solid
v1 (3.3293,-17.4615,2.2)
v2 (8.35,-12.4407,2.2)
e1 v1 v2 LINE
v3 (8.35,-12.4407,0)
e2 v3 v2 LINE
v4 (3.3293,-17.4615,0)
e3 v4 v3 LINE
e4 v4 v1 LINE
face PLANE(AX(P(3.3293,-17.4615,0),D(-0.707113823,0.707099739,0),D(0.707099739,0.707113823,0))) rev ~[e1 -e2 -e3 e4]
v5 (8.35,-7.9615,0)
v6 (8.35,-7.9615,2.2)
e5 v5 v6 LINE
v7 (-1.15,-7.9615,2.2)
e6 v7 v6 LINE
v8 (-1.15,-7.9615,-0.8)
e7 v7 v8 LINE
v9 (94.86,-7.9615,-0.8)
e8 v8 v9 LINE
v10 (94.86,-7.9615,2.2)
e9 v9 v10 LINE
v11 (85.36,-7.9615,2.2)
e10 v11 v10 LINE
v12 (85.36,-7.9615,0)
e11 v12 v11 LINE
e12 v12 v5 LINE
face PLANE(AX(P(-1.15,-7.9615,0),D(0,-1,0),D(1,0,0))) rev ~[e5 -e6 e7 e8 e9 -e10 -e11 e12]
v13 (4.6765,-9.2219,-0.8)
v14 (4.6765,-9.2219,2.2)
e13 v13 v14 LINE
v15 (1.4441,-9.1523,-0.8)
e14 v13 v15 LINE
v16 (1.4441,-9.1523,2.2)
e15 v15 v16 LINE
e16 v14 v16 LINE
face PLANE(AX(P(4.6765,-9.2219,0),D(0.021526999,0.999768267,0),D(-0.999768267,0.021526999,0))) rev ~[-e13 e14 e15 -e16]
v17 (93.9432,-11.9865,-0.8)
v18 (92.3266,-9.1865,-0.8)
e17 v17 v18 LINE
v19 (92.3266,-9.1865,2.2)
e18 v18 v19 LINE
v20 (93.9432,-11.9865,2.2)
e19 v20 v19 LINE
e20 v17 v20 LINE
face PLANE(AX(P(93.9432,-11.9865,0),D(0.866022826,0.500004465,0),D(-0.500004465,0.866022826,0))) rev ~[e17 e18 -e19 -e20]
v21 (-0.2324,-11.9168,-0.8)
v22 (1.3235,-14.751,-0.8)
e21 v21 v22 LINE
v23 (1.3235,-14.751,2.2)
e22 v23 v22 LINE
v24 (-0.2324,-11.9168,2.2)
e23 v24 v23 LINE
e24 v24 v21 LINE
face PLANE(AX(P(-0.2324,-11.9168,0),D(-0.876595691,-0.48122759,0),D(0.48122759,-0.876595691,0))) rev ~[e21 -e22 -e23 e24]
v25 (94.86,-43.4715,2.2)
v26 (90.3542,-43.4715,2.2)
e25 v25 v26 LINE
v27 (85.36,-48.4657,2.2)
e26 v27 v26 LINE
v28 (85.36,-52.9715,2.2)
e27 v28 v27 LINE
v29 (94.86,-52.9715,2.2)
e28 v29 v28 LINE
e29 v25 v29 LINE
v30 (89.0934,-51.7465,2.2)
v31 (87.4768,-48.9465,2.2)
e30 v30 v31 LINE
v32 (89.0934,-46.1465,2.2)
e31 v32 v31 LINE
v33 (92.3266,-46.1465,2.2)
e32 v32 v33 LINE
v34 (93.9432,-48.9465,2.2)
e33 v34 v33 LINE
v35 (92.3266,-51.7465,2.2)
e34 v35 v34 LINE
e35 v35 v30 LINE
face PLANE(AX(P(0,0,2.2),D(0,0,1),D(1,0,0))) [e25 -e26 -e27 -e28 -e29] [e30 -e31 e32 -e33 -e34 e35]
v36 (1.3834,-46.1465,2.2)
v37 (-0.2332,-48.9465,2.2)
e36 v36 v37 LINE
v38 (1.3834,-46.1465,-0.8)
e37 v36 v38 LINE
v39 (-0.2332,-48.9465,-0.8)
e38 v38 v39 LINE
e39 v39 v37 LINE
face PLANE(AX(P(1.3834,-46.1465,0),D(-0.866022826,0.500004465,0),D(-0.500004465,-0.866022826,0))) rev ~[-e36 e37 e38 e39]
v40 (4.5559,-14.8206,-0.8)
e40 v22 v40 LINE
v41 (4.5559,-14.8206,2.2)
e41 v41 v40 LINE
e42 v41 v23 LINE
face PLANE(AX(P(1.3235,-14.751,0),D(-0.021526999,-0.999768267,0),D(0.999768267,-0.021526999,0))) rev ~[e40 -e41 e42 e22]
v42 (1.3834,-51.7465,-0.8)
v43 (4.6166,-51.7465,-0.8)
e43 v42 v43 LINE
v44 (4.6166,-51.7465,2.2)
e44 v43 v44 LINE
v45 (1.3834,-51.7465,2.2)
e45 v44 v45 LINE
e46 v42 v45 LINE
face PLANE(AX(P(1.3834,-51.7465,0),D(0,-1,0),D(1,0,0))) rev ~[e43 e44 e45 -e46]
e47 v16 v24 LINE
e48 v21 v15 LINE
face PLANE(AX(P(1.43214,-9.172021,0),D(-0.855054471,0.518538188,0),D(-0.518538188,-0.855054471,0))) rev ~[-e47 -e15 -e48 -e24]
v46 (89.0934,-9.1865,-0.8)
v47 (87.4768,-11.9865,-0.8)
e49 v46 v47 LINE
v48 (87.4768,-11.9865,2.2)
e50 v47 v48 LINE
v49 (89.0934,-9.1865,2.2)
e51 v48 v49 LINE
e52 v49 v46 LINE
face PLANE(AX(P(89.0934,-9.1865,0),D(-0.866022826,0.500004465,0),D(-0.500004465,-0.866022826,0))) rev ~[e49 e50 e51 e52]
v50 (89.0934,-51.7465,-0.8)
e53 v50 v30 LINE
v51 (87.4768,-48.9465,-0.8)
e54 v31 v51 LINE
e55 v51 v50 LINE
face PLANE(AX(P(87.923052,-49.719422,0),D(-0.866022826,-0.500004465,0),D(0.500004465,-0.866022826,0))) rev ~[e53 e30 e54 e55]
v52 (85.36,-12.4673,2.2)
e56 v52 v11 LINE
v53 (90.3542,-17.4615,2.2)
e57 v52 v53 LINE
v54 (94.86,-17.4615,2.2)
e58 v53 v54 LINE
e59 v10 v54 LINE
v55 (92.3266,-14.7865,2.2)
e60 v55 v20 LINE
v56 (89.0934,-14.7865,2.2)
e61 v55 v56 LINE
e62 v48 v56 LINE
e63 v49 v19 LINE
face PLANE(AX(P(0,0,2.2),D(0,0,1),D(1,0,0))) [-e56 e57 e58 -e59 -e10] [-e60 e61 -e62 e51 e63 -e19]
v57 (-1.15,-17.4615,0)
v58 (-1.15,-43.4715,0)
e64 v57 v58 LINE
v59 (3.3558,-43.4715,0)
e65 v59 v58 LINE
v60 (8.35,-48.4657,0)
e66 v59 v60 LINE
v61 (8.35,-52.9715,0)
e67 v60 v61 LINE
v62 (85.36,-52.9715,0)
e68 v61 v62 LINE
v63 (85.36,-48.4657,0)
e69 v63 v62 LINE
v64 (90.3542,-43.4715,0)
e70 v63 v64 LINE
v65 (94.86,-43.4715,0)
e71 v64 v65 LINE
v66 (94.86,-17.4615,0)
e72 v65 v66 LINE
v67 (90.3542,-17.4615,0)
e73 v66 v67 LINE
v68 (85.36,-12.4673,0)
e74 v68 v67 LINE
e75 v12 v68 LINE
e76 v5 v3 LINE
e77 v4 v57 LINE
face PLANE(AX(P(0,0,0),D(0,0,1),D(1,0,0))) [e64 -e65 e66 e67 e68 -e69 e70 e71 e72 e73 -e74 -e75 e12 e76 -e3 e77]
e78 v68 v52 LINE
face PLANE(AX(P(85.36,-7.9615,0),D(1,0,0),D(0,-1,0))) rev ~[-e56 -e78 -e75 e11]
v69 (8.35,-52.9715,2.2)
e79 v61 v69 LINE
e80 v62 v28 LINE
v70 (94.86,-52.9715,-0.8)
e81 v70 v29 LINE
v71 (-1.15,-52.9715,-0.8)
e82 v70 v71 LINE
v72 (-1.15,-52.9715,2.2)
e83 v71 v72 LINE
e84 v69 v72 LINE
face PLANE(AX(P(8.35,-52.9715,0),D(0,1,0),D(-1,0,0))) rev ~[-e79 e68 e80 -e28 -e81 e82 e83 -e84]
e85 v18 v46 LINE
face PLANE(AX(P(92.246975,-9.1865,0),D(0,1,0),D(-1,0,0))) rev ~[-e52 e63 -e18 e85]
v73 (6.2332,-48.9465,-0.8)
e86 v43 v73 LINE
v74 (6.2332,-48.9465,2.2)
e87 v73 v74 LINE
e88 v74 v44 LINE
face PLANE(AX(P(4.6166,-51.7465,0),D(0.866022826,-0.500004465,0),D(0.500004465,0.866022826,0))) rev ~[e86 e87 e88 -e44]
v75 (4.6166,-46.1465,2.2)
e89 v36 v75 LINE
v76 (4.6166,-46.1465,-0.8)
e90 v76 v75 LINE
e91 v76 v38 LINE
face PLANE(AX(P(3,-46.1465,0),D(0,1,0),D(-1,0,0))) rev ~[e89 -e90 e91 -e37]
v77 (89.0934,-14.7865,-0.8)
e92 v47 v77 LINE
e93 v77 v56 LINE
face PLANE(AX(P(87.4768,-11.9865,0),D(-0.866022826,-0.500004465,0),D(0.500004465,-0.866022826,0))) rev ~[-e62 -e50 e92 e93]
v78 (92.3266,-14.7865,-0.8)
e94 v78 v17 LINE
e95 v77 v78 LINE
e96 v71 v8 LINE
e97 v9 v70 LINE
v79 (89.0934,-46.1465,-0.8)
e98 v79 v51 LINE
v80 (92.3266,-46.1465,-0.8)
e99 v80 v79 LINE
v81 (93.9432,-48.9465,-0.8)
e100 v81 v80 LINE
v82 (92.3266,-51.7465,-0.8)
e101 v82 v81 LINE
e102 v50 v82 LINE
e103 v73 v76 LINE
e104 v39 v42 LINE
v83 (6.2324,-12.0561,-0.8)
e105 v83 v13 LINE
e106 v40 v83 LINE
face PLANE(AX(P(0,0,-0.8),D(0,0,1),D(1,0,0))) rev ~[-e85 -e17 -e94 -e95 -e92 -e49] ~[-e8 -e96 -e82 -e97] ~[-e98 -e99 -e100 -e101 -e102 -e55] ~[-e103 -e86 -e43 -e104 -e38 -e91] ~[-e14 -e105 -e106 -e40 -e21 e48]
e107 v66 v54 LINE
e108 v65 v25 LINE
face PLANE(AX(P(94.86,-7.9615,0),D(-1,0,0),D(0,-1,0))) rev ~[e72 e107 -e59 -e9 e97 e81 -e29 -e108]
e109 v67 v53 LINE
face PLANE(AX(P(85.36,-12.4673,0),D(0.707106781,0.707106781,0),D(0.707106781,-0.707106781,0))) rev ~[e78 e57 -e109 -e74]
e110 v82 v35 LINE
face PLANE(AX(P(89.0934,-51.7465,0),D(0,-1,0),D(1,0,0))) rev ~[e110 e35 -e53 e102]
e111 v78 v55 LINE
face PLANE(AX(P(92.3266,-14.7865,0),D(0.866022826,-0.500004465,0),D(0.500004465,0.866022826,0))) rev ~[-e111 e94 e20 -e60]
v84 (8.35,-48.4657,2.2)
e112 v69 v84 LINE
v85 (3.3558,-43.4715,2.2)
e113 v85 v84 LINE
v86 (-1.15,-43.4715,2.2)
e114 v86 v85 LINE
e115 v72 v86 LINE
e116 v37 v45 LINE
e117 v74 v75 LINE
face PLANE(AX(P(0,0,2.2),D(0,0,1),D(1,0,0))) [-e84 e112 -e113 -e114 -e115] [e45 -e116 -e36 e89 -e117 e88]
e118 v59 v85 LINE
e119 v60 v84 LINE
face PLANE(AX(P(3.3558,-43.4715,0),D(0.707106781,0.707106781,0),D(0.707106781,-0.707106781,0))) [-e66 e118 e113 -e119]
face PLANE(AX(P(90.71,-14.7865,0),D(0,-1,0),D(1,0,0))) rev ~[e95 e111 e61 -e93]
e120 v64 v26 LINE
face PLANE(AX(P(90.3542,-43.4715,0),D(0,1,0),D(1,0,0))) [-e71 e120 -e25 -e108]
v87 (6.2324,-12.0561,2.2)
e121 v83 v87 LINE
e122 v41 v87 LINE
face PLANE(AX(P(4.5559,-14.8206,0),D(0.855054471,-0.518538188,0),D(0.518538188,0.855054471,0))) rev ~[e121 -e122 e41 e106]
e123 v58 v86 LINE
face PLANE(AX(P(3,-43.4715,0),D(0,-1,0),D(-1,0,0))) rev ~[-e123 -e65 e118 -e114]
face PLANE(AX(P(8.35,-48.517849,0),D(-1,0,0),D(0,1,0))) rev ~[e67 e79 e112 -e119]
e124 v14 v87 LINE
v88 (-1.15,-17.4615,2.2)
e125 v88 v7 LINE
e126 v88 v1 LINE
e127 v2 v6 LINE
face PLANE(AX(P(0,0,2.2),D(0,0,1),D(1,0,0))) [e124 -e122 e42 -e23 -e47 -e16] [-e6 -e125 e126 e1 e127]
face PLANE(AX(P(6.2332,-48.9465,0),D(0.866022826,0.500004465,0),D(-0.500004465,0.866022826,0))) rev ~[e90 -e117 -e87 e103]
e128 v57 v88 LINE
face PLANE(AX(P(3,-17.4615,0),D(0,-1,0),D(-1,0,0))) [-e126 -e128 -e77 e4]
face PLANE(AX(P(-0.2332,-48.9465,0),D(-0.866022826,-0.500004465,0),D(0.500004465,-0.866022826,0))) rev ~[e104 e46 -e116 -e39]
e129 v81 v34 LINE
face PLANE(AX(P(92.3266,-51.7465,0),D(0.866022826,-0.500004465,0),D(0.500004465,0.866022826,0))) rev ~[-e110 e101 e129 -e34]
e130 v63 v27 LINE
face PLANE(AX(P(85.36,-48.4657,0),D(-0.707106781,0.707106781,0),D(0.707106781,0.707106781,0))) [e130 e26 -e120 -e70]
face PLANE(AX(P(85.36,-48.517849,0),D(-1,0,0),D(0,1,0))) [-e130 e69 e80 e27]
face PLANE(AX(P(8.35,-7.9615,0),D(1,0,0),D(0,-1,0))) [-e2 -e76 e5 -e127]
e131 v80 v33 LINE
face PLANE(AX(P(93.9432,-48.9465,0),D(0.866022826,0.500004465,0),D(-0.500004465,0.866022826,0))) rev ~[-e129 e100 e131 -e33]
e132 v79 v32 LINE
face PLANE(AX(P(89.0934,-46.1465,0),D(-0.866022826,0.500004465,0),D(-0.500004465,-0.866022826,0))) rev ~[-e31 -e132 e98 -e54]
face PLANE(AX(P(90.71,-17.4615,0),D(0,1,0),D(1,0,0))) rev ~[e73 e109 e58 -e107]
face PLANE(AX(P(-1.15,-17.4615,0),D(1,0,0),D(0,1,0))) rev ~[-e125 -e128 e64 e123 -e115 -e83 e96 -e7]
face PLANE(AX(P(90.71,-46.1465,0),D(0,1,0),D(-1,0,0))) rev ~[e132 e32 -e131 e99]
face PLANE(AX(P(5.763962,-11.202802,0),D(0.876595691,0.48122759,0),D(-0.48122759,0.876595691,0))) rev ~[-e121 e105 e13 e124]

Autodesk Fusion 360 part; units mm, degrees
sketch "Sketch1" plane through (0, 0, 0) normal (0, 0, 1) x (1, 0, 0)
  line L0 (-1.15, -7.9615) -> (94.86, -7.9615)
  line L1 (94.86, -7.9615) -> (94.86, -52.9715)
  line L2 (94.86, -52.9715) -> (-1.15, -52.9715)
  line L3 (-1.15, -52.9715) -> (-1.15, -7.9615)
  line L4 (3, -11.9865) -> (90.71, -11.9865)
  line L5 (90.71, -11.9865) -> (90.71, -48.9465)
  line L6 (90.71, -48.9465) -> (3, -48.9465)
  line L7 (3, -48.9465) -> (3, -11.9865)
  line L8 (-1.15, -7.9615) -> (94.86, -52.9715)
  line L9 (94.86, -7.9615) -> (-1.15, -52.9715)
  line L10 (46.855, -30.4665) -> (46.855, -7.9615)
  line L11 (46.855, -30.4665) -> (46.855, -52.9715)
  line L12 (46.855, -30.4665) -> (94.86, -30.4665)
  line L13 (46.855, -30.4665) -> (-1.15, -30.4665)
  circle A0 centre (3, -11.9865) radius 1.55
  circle A1 centre (3, -48.9465) radius 1.55
  circle A2 centre (90.71, -48.9465) radius 1.55
  circle A3 centre (90.71, -11.9865) radius 1.55
  line L14 (6.2324, -12.0561) -> (4.6765, -9.2219)
  line L15 (4.6765, -9.2219) -> (1.4441, -9.1523)
  line L16 (1.4441, -9.1523) -> (-0.2324, -11.9168)
  line L17 (-0.2324, -11.9168) -> (1.3235, -14.751)
  line L18 (1.3235, -14.751) -> (4.5559, -14.8206)
  line L19 (4.5559, -14.8206) -> (6.2324, -12.0561)
  line L20 (4.6166, -51.7465) -> (6.2332, -48.9465)
  line L21 (6.2332, -48.9465) -> (4.6166, -46.1465)
  line L22 (4.6166, -46.1465) -> (1.3834, -46.1465)
  line L23 (1.3834, -46.1465) -> (-0.2332, -48.9465)
  line L24 (-0.2332, -48.9465) -> (1.3834, -51.7465)
  line L25 (1.3834, -51.7465) -> (4.6166, -51.7465)
  line L26 (92.3266, -51.7465) -> (93.9432, -48.9465)
  line L27 (93.9432, -48.9465) -> (92.3266, -46.1465)
  line L28 (92.3266, -46.1465) -> (89.0934, -46.1465)
  line L29 (89.0934, -46.1465) -> (87.4768, -48.9465)
  line L30 (87.4768, -48.9465) -> (89.0934, -51.7465)
  line L31 (89.0934, -51.7465) -> (92.3266, -51.7465)
  line L32 (92.3266, -14.7865) -> (93.9432, -11.9865)
  line L33 (93.9432, -11.9865) -> (92.3266, -9.1865)
  line L34 (92.3266, -9.1865) -> (89.0934, -9.1865)
  line L35 (89.0934, -9.1865) -> (87.4768, -11.9865)
  line L36 (87.4768, -11.9865) -> (89.0934, -14.7865)
  line L37 (89.0934, -14.7865) -> (92.3266, -14.7865)
  line L38 (-1.15, -7.9615) -> (8.35, -7.9615)
  line L39 (8.35, -7.9615) -> (8.35, -17.4615)
  line L40 (8.35, -17.4615) -> (-1.15, -17.4615)
  line L41 (-1.15, -17.4615) -> (-1.15, -7.9615)
  line L42 (3.3293, -17.4615) -> (8.35, -12.4407)
  line L43 (3.3293, -17.4615) -> (8.997, -17.4615) construction
  line L44 (-1.15, -52.9715) -> (8.35, -52.9715)
  line L45 (8.35, -52.9715) -> (8.35, -43.4715)
  line L46 (8.35, -43.4715) -> (-1.15, -43.4715)
  line L47 (-1.15, -43.4715) -> (-1.15, -52.9715)
  line L48 (3.3558, -43.4715) -> (8.35, -48.4657)
  line L49 (3.3558, -43.4715) -> (6.6655, -43.4715) construction
  line L50 (94.86, -52.9715) -> (85.36, -52.9715)
  line L51 (85.36, -52.9715) -> (85.36, -43.4715)
  line L52 (85.36, -43.4715) -> (94.86, -43.4715)
  line L53 (94.86, -43.4715) -> (94.86, -52.9715)
  line L54 (85.36, -48.4657) -> (90.3542, -43.4715)
  line L55 (85.36, -48.4657) -> (88.5571, -48.4657) construction
  line L56 (94.86, -7.9615) -> (85.36, -7.9615)
  line L57 (85.36, -7.9615) -> (85.36, -17.4615)
  line L58 (85.36, -17.4615) -> (94.86, -17.4615)
  line L59 (94.86, -17.4615) -> (94.86, -7.9615)
  line L60 (85.36, -12.4673) -> (90.3542, -17.4615)
  line L61 (85.36, -12.4673) -> (91.2896, -12.4673) construction
  point P0 (3, -11.9865)
  point P1 (3, -48.9465)
  point P2 (90.71, -48.9465)
  point P3 (90.71, -11.9865)
  dimension "d9" = 45.01
  dimension "d11" = 36.96
  dimension "d12" = 3.1
  dimension "d13" = 3.1
  dimension "d14" = 3.1
  dimension "d15" = 3.1
  dimension "d16" = 2.8
  dimension "d17" = 2.8
  dimension "d18" = 2.8
  dimension "d19" = 2.8
  dimension "d21" = 9.5
  dimension "d22" = 45
  dimension "d23" = 1
  dimension "d24" = 9.5
  dimension "d25" = 9.5
  dimension "d26" = 45
  dimension "d27" = 1
  dimension "d28" = 9.5
  dimension "d29" = 9.5
  dimension "d30" = 45
  dimension "d31" = 1
  dimension "d32" = 9.5
  dimension "d33" = 9.5
  dimension "d34" = 45
  dimension "d35" = 1
extrude "Extrude5" add sketch "Sketch1" against normal blind 0.8 contours L3 L7 L8 L16 L17 L18 L40 L41 | L0 L4 L8 L14 L15 L16 L38 L39 | L0 L4 L10 L39 | L3 L7 L13 L40 | L0 L4 L10 L57 | L4 L8 L39 | L4 L8 L10 L39 | L3 L7 L13 L46 | L7 L8 L13 L39 L40 | L4 L7 L8 L14 L18 L19 L39 L40 L42 | L4 L8 L14 | L0 L4 L9 L34 L35 L56 L57 | L4 L9 L10 L57 | L3 L7 L9 L22 L23 L24 L25 L46 L47 | L7 L9 L13 L45 L46 | L39 L40 L42 | L1 L5 L9 L32 L33 L34 L37 L58 L59 | L4 L9 L57 | L5 L8 L12 L51 L52 | L6 L9 L11 L45 | L6 L8 L11 L51 | L5 L9 L12 L57 L58 | L2 L6 L9 L20 L25 L44 L45 | L6 L7 L9 L21 L22 L45 L46 L48 | L1 L5 L12 L58 | L4 L9 L35 | L4 L5 L9 L36 L37 L57 L58 L60 | L5 L6 L8 L28 L29 L51 L52 L54 | L6 L8 L51 | L6 L9 L45 | L2 L6 L11 L45 | L2 L6 L11 L51 | L1 L5 L12 L52 | L45 L46 L48 | L57 L58 L60 | L2 L6 L8 L30 L31 L50 L51 | L6 L8 L30 | L51 L52 L54 | L6 L9 L20 | L1 L5 L8 L26 L27 L28 L31 L52 L53
extrude "Extrude6" add sketch "Sketch1" along normal blind 2.2 contours L3 L7 L8 L16 L17 L18 L40 L41 | L0 L4 L8 L14 L15 L16 L38 L39 | L4 L8 L39 | L4 L7 L8 L14 L18 L19 L39 L40 L42 | L4 L8 L14 | L0 L4 L9 L34 L35 L56 L57 | L3 L7 L9 L22 L23 L24 L25 L46 L47 | L1 L5 L9 L32 L33 L34 L37 L58 L59 | L4 L9 L57 | L2 L6 L9 L20 L25 L44 L45 | L6 L7 L9 L21 L22 L45 L46 L48 | L4 L9 L35 | L4 L5 L9 L36 L37 L57 L58 L60 | L5 L6 L8 L28 L29 L51 L52 L54 | L6 L8 L51 | L6 L9 L45 | L2 L6 L8 L30 L31 L50 L51 | L6 L8 L30 | L6 L9 L20 | L1 L5 L8 L26 L27 L28 L31 L52 L53
